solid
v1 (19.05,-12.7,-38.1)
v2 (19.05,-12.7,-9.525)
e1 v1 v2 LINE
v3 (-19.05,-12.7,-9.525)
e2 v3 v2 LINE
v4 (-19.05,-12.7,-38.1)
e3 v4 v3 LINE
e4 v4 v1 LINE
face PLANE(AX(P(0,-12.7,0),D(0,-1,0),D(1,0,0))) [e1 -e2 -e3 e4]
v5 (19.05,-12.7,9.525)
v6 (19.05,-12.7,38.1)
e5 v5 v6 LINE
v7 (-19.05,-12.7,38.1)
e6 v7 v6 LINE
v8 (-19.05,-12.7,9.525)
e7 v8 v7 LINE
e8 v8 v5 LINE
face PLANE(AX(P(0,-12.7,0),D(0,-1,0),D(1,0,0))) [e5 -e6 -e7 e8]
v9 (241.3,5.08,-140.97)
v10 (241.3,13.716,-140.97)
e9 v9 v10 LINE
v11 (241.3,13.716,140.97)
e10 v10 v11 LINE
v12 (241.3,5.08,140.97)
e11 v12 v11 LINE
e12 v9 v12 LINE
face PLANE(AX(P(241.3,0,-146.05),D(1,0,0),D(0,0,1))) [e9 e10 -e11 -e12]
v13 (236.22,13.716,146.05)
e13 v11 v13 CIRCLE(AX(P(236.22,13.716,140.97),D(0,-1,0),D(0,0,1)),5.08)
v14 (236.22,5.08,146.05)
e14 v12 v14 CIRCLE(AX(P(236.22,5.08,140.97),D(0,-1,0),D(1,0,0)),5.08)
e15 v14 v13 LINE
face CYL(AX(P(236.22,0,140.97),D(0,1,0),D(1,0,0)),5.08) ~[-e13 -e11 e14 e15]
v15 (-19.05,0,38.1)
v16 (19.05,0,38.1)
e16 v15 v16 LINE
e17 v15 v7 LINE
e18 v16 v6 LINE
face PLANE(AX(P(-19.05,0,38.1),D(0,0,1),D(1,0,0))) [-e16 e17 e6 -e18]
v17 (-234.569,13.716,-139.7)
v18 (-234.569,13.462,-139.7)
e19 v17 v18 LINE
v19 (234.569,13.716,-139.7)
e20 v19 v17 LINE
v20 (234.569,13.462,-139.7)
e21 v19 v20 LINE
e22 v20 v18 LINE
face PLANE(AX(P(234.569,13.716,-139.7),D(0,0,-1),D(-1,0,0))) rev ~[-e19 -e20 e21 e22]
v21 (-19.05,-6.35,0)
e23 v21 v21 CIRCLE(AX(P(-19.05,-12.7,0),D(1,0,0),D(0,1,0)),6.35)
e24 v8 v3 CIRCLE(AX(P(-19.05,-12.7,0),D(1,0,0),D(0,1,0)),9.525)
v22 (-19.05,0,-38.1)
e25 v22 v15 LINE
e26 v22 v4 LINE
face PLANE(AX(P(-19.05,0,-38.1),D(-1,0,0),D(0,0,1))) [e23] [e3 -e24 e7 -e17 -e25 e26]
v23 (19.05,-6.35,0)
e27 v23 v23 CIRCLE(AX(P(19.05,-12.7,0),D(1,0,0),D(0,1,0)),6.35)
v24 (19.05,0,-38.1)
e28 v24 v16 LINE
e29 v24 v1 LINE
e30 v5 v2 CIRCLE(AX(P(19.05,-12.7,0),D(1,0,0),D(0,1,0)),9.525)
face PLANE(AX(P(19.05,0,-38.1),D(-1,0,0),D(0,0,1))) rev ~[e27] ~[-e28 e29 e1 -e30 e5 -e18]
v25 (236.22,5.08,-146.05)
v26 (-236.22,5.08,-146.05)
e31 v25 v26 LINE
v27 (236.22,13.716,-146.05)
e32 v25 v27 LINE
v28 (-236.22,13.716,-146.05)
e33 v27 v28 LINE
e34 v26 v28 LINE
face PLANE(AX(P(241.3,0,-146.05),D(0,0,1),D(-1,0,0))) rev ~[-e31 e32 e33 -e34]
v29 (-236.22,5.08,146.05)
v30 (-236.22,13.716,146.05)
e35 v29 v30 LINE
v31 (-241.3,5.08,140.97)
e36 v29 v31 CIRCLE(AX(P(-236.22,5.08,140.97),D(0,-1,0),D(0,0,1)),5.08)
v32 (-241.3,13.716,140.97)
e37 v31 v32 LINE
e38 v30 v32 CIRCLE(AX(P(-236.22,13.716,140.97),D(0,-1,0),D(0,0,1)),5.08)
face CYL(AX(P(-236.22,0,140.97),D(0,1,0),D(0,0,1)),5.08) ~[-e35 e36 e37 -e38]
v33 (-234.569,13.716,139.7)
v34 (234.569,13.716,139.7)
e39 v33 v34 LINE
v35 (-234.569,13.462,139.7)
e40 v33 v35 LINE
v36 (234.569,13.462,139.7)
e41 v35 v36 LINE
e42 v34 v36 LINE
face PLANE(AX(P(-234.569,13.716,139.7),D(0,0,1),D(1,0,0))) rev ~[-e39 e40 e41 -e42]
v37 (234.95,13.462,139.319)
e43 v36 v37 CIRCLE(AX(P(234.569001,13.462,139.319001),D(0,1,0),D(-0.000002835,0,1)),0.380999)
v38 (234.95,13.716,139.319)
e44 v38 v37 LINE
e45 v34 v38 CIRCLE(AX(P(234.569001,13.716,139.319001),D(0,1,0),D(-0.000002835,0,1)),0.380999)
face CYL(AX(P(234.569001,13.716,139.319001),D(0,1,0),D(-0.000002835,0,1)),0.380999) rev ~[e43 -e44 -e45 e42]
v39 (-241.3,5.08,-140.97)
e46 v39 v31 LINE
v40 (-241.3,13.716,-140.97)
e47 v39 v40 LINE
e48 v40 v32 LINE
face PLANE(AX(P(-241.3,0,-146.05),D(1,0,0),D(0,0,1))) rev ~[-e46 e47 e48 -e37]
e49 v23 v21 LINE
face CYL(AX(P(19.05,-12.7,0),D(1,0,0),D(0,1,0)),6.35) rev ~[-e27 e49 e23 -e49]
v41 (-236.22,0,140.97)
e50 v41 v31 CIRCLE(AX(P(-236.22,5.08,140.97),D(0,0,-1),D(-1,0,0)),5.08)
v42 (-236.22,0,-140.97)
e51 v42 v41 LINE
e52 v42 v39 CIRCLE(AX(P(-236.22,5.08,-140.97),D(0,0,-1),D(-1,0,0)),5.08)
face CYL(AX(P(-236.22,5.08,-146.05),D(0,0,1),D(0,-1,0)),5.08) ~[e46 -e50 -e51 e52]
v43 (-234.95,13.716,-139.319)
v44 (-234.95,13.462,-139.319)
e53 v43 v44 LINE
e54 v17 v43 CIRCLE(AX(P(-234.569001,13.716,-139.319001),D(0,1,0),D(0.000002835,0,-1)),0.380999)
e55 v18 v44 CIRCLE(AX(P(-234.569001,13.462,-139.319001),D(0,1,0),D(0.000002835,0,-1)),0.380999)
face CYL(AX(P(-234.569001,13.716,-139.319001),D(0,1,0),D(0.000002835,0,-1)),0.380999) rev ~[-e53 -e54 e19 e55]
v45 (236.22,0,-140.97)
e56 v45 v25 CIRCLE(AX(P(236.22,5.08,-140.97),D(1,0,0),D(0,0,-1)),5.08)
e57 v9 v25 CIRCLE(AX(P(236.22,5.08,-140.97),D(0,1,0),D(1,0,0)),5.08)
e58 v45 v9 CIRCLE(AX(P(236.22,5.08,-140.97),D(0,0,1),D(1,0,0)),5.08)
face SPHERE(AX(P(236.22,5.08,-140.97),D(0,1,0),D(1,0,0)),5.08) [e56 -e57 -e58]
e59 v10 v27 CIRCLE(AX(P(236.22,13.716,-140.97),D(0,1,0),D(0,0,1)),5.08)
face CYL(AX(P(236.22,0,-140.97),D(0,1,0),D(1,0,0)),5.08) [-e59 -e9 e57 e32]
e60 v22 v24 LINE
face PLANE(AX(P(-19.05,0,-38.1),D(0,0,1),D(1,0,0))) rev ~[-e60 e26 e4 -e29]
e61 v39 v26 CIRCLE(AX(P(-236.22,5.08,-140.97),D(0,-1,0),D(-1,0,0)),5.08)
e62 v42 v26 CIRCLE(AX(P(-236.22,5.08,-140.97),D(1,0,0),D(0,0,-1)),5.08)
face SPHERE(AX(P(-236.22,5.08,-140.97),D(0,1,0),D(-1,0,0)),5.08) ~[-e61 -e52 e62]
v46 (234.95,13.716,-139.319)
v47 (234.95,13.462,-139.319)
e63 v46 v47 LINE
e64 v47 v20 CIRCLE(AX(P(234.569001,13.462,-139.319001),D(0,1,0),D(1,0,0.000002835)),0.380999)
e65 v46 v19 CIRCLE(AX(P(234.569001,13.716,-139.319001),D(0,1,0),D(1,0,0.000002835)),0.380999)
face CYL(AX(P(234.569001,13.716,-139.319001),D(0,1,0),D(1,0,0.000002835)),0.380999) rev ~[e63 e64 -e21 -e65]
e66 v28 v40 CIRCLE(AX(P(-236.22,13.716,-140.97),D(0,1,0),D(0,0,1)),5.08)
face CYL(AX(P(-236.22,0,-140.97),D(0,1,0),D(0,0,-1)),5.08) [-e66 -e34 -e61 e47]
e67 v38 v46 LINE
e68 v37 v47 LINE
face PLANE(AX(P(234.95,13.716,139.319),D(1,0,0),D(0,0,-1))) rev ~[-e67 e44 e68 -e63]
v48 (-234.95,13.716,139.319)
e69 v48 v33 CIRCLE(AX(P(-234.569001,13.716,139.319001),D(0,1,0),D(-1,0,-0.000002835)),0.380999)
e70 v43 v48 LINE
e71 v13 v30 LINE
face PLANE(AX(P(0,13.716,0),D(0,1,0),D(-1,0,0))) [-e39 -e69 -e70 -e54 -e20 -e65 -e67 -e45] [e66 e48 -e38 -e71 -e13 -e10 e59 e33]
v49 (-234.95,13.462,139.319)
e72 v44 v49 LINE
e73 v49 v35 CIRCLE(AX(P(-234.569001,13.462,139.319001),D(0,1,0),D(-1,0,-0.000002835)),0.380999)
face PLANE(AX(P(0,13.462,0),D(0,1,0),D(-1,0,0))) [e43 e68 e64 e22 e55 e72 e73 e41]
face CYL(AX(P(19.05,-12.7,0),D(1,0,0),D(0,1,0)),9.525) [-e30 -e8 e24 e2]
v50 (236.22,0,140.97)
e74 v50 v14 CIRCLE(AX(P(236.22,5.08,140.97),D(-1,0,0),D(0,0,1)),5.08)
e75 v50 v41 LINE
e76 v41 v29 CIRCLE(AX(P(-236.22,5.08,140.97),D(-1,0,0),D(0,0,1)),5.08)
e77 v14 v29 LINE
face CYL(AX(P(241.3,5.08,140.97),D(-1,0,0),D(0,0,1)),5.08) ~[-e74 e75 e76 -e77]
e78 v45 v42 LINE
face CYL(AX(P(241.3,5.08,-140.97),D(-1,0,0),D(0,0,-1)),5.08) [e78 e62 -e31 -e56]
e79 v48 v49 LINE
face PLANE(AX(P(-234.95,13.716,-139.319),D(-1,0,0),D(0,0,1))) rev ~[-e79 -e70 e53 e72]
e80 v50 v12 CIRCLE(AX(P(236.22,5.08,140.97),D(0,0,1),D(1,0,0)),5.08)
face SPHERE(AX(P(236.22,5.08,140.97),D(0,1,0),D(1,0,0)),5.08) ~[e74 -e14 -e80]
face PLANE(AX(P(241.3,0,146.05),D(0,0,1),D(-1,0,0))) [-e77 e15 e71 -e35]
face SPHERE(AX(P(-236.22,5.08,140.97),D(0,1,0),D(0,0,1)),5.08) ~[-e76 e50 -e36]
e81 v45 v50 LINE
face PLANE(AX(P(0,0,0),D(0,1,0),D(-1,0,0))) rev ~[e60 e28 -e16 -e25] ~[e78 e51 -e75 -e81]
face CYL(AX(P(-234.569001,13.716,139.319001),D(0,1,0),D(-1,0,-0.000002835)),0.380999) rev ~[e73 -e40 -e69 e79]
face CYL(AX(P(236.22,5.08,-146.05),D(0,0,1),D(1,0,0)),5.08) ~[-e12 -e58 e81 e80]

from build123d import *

# Parameters (mm, degrees)
F0_W      = 38.1
F0_H      = 76.2
F1_DEPTH  = 12.7
F2_R      = 9.525
F3_DEPTH  = 38.1
F4_R      = 6.35
F5_DEPTH  = 40.386
F6_W      = 482.6
F6_H      = 292.1
F7_DEPTH  = 13.716
F8_R      = 5.08
F10_DEPTH = 0.254


with BuildPart() as f1:
    # F0 (on Front) → F1 (new body)
    with BuildSketch(Plane.XZ):
        Rectangle(F0_W, F0_H)
    extrude(amount=F1_DEPTH)

    # F2 (on face) → F3 (join)
    with BuildSketch(Plane.YZ.offset(19.05)):
        with Locations((-12.7, 0)):
            Circle(F2_R)
    extrude(amount=-F3_DEPTH)

    # F4 (on face) → F5 (cut)
    with BuildSketch(Plane.YZ.offset(19.05)):
        with Locations((-12.7, 0)):
            Circle(F4_R)
    extrude(amount=-F5_DEPTH, mode=Mode.SUBTRACT)

    # F6 (on face) → F7 (join)
    with BuildSketch(Plane(origin=(0, 0, 0), x_dir=(-1, 0, 0), z_dir=(0, 1, 0))):
        Rectangle(F6_W, F6_H)
    extrude(amount=F7_DEPTH)

    # F8
    f8_edges = [f1.edges().sort_by_distance(p)[0] for p in [
        (-241.3, 6.858, 146.05),
        (-241.3, 6.858, -146.05),
        (241.3, 6.858, -146.05),
        (241.3, 6.858, 146.05),
        (241.3, 0, 0),
        (0, 0, 146.05),
        (-241.3, 0, 0),
        (0, 0, -146.05),
    ]]
    fillet(f8_edges, radius=F8_R)

    # F9 (on face) → F10 (cut)
    with BuildSketch(Plane(origin=(0, 13.716, 0), x_dir=(-1, 0, 0), z_dir=(0, 1, 0))):
        with BuildLine():
            Line((-234.569, -139.7), (234.569, -139.7))
            ThreePointArc((234.569, -139.7), (234.838408, -139.588408), (234.95, -139.319))
            Line((234.95, -139.319), (234.95, 139.319))
            ThreePointArc((234.95, 139.319), (234.838408, 139.588408), (234.569, 139.7))
            Line((234.569, 139.7), (-234.569, 139.7))
            ThreePointArc((-234.569, 139.7), (-234.838408, 139.588408), (-234.95, 139.319))
            Line((-234.95, 139.319), (-234.95, -139.319))
            ThreePointArc((-234.95, -139.319), (-234.838408, -139.588408), (-234.569, -139.7))
        make_face()
    extrude(amount=-F10_DEPTH, mode=Mode.SUBTRACT)


solid = f1.part
